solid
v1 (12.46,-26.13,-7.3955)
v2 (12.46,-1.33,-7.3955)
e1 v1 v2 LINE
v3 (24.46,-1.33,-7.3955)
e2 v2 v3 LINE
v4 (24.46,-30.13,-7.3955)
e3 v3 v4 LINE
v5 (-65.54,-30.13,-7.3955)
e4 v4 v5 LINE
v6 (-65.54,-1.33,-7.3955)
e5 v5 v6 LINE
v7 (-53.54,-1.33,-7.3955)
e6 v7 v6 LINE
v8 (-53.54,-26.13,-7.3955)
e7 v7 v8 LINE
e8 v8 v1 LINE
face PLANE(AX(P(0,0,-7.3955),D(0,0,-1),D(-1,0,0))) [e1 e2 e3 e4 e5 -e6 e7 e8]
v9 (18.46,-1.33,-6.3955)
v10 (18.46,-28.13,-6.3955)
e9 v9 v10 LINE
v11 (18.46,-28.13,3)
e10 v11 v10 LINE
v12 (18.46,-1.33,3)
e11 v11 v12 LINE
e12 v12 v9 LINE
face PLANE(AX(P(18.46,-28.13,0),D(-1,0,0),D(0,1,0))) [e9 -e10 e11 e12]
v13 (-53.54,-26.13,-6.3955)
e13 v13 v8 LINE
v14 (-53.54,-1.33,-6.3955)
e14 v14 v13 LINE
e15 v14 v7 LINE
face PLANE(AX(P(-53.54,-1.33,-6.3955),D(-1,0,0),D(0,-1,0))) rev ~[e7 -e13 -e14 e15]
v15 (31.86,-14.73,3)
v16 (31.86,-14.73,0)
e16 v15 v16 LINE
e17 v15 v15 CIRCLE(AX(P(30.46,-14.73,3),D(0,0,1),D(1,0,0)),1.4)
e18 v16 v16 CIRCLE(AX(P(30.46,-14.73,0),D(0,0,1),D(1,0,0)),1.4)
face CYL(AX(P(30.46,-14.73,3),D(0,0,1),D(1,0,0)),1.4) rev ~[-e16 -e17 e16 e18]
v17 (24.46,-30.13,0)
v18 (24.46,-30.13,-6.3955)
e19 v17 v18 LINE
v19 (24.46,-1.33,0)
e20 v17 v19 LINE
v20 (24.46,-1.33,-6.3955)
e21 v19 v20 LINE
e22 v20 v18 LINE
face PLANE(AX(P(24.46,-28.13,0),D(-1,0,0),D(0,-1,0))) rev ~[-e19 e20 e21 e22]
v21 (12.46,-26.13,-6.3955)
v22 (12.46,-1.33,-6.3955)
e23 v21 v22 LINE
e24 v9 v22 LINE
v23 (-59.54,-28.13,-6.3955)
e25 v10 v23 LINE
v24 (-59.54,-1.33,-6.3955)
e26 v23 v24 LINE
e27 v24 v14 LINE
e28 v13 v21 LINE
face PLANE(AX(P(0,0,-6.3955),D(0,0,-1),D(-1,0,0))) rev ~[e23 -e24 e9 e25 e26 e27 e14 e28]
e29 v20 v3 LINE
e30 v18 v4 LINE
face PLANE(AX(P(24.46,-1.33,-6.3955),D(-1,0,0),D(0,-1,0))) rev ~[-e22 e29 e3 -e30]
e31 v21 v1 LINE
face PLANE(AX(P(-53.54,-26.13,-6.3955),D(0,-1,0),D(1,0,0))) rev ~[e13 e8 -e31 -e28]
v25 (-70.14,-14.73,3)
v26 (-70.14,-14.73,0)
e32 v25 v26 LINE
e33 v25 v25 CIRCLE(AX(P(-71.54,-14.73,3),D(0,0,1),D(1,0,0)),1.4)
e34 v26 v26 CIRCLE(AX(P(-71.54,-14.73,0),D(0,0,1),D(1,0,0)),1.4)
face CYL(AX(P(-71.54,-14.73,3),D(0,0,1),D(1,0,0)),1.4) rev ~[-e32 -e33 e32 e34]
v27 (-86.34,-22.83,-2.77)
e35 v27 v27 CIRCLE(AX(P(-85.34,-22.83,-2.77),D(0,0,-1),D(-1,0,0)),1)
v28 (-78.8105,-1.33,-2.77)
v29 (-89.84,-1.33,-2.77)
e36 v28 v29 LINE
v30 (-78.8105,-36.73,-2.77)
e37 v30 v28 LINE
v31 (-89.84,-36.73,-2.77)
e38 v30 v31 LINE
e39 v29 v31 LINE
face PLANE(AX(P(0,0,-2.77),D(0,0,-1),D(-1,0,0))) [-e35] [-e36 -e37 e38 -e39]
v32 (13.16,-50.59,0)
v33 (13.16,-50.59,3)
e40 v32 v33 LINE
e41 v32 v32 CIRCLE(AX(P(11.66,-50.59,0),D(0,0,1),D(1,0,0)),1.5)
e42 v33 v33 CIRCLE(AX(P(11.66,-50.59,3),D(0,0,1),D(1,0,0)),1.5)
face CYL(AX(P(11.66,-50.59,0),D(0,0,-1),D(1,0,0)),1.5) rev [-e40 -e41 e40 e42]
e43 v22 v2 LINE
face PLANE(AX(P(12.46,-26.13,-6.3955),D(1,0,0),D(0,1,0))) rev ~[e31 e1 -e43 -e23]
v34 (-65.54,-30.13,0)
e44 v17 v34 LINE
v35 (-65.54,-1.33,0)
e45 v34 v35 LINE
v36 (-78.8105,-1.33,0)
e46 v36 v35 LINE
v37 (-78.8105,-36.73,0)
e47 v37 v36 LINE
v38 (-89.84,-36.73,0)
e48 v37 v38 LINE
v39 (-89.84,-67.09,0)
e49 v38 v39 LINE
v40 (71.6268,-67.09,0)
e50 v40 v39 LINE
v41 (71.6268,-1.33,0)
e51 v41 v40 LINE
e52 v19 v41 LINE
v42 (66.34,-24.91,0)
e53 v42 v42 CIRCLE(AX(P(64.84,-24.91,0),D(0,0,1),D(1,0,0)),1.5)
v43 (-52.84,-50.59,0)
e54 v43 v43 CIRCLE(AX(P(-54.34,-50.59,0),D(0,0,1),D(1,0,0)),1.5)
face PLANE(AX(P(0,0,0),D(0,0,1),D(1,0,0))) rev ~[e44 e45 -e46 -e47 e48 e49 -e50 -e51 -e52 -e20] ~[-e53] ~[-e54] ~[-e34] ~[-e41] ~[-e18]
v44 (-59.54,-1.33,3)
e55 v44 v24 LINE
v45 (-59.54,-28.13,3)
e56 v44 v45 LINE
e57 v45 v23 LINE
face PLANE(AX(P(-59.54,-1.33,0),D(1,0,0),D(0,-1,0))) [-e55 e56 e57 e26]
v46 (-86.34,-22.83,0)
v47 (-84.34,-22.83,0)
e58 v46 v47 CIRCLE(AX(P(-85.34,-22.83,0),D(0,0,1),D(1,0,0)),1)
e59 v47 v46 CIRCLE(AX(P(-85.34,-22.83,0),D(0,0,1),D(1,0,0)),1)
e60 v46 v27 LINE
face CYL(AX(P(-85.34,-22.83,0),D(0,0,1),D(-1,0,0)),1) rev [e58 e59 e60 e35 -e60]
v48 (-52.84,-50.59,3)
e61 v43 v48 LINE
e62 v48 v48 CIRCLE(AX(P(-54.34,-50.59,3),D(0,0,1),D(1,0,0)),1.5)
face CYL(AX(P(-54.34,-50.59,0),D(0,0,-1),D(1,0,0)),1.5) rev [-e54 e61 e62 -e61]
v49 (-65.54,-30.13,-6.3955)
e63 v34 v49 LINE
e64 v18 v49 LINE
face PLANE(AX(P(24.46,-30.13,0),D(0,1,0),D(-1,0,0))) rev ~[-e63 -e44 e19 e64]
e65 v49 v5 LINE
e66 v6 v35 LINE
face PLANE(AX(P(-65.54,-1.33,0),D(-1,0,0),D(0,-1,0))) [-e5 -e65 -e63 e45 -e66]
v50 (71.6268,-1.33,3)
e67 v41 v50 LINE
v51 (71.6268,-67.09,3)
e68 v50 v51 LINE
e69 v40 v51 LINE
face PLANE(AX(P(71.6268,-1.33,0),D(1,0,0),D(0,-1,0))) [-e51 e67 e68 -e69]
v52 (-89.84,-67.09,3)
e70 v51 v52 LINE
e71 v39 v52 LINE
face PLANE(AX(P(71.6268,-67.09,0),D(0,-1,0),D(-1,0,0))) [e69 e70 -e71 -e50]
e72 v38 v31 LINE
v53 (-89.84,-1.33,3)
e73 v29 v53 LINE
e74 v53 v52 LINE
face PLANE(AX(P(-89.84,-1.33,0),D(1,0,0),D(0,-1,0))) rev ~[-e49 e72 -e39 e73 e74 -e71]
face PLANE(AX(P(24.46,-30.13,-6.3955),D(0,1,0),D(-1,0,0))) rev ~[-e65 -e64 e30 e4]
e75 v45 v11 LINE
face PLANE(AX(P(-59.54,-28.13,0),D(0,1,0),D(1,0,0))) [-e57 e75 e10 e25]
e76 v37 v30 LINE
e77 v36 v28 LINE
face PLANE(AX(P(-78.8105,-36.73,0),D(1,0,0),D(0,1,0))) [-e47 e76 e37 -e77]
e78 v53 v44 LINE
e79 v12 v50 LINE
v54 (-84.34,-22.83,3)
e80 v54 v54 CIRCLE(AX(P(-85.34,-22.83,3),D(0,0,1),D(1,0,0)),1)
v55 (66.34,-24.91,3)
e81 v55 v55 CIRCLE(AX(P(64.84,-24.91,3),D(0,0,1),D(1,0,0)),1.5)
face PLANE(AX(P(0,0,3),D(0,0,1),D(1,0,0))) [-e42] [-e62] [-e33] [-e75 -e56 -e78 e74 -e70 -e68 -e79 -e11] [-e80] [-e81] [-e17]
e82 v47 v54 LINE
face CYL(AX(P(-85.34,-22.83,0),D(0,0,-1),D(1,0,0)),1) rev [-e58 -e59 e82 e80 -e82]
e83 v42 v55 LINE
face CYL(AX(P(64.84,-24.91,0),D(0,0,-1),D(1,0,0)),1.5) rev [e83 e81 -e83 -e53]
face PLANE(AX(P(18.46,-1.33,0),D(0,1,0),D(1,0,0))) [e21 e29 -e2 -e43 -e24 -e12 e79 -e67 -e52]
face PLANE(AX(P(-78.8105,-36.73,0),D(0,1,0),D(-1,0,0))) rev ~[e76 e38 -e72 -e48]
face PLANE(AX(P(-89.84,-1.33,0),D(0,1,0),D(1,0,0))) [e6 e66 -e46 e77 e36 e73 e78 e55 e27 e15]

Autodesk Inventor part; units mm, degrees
ref_plane "YZ Plane" through (0, 0, 0) normal (1, 0, 0) x (0, 1, 0)
ref_plane "Arbeitsebene1" through (0, 0, 0) normal (0, 0, 1) x (1, 0, 0)
sketch "Skizze1" plane through (0, 0, 0) normal (0, 0, 1) x (1, 0, 0)
  circle A0 centre (-54.34, -50.59) radius 1.5 projected
  circle A1 centre (11.66, -50.59) radius 1.5 projected
  circle A2 centre (-85.34, -22.83) radius 1 projected
  circle A3 centre (-85.34, -22.83) radius 1 construction
  circle A4 centre (-85.34, 37.77) radius 1 construction
  line L0 (37.14, -42.13) -> (37.14, -36.73) construction
  arc A5 (32.14, -41.73) -> (37.14, -36.73) centre (32.14, -36.73) ccw construction
  line L1 (32.14, -41.73) -> (-73.22, -41.73) construction
  arc A6 (-78.22, -36.73) -> (-73.22, -41.73) centre (-73.22, -36.73) ccw construction
  line L2 (-78.22, -36.73) -> (-78.22, 48.27) construction
  arc A7 (-73.22, 53.27) -> (-78.22, 48.27) centre (-73.22, 48.27) ccw construction
  line L3 (-73.22, 53.27) -> (32.14, 53.27) construction
  arc A8 (37.14, 48.27) -> (32.14, 53.27) centre (32.14, 48.27) ccw construction
  line L4 (37.14, 48.27) -> (37.14, 54.21) construction
  line L5 (37.14, 54.21) -> (-89.84, 54.21) construction
  line L6 (-89.84, 54.21) -> (-89.84, -42.13) construction
  line L7 (-89.84, -42.13) -> (37.14, -42.13) construction
  circle A9 centre (64.84, -24.91) radius 1.5 construction
  circle A10 centre (-85.34, -43.41) radius 1 construction
  circle A11 centre (64.84, 35.59) radius 1.5 construction
  circle A12 centre (11.66, -50.59) radius 1.5 construction
  circle A13 centre (-54.34, -50.59) radius 1.5 construction
  circle A14 centre (-85.34, 58.59) radius 1 construction
  line L8 (-89.84, 67.09) -> (-89.84, 54.21) construction
  line L9 (-89.84, 54.21) -> (37.14, 54.21) construction
  line L10 (37.14, 54.21) -> (37.14, -42.13) construction
  line L11 (37.14, -42.13) -> (-89.84, -42.13) construction
  line L12 (-89.84, -42.13) -> (-89.84, -67.09) construction
  line L13 (-89.84, -67.09) -> (89.84, -67.09) construction
  line L14 (89.84, -67.09) -> (89.84, 67.09) construction
  line L15 (89.84, 67.09) -> (-89.84, 67.09) construction
  line L16 (-58.54, -1.33) -> (17.46, -1.33) construction
  line L17 (-58.54, -27.13) -> (-58.54, -1.33) construction
  line L18 (17.46, -27.13) -> (-58.54, -27.13) construction
  line L19 (17.46, -1.33) -> (17.46, -27.13) construction
  line L20 (-89.84, -1.33) -> (-59.54, -1.33)
  line L21 (-59.54, -1.33) -> (-59.54, -28.13)
  line L22 (-59.54, -28.13) -> (18.46, -28.13)
  line L23 (18.46, -28.13) -> (18.46, -1.33)
  line L24 (18.46, -1.33) -> (71.6268, -1.33)
  line L25 (71.6268, -1.33) -> (71.6268, -67.09)
  line L26 (71.6268, -67.09) -> (-89.84, -67.09)
  line L27 (-89.84, -1.33) -> (-89.84, -67.09)
  circle A15 centre (-54.34, -50.59) radius 1.5
  circle A16 centre (11.66, -50.59) radius 1.5
  circle A17 centre (-85.34, -22.83) radius 1
  circle A18 centre (64.84, -24.91) radius 1.5
  point P0 (0, 0)
  dimension "d0" = 1
  dimension "d1" = 1
  dimension "d2" = 1
extrude "Extrusion1" add sketch "Skizze1" along normal blind 3
sketch "Skizze2" plane through (0, 0, 0) normal (0, 0, -1) x (-1, 0, 0)
  circle A0 centre (85.34, -22.83) radius 1 projected
  circle A1 centre (85.34, 37.77) radius 1 projected
  line L0 (-37.14, -42.13) -> (-37.14, -36.73) projected
  arc A2 (-37.14, -36.73) -> (-32.14, -41.73) centre (-32.14, -36.73) ccw projected
  line L1 (-32.14, -41.73) -> (73.22, -41.73) projected
  arc A3 (73.22, -41.73) -> (78.22, -36.73) centre (73.22, -36.73) ccw projected
  line L2 (78.22, -36.73) -> (78.22, 48.27) projected
  arc A4 (78.22, 48.27) -> (73.22, 53.27) centre (73.22, 48.27) ccw projected
  line L3 (73.22, 53.27) -> (-32.14, 53.27) projected
  arc A5 (-32.14, 53.27) -> (-37.14, 48.27) centre (-32.14, 48.27) ccw projected
  line L4 (-37.14, 48.27) -> (-37.14, 54.21) projected
  line L5 (-37.14, 54.21) -> (89.84, 54.21) projected
  line L6 (89.84, 54.21) -> (89.84, -42.13) projected
  line L7 (89.84, -42.13) -> (-37.14, -42.13) projected
  line L8 (78.22, -36.73) -> (89.84, -36.73)
  line L9 (89.84, -1.33) -> (89.84, -67.09) projected
  line L10 (59.54, -1.33) -> (89.84, -1.33) projected
  line L11 (89.84, -36.73) -> (78.8105, -36.73)
  line L12 (78.8105, -36.73) -> (78.8105, -1.33)
  line L13 (78.8105, -1.33) -> (89.84, -1.33)
  line L14 (89.84, -1.33) -> (89.84, -36.73)
  point P0 (0, 0)
ref_plane "Arbeitsebene2" through (-89.84, -42.13, -2.77) normal (0, 0, 1) x (1, 0, 0)
extrude "Extrusion2" add sketch "Skizze2" along normal up to surface (2.77 mm away) contours L8 L12 L10 L6
ref_plane "Arbeitsebene3" through (-58.54, -27.13, -6.3955) normal (0, 0, -1) x (0, 1, 0)
sketch "Skizze3" plane through (0, 0, 0) normal (0, 0, -1) x (-1, 0, 0)
  line L0 (78.8105, -36.73) -> (78.8105, -1.33) projected
  line L1 (59.54, -1.33) -> (78.8105, -1.33) projected
  line L2 (59.54, -28.13) -> (59.54, -1.33) projected
  line L3 (-18.46, -28.13) -> (59.54, -28.13) projected
  line L4 (-18.46, -1.33) -> (-18.46, -28.13) projected
  line L5 (-71.6268, -1.33) -> (-18.46, -1.33) projected
  line L6 (-71.6268, -67.09) -> (-71.6268, -1.33) projected
  line L7 (89.84, -67.09) -> (-71.6268, -67.09) projected
  line L8 (89.84, -36.73) -> (89.84, -67.09) projected
  line L9 (89.84, -36.73) -> (78.8105, -36.73) projected
  circle A0 centre (-64.84, -24.91) radius 1.5 projected
  circle A1 centre (-11.66, -50.59) radius 1.5 projected
  circle A2 centre (54.34, -50.59) radius 1.5 projected
  line L10 (-18.46, -1.33) -> (-18.46, -28.13) projected
  line L11 (-18.46, -1.33) -> (-24.46, -1.33)
  line L12 (-24.46, -1.33) -> (-24.46, -28.13)
  line L13 (-24.46, -28.13) -> (-18.46, -28.13)
  line L14 (-18.46, -28.13) -> (-18.46, -1.33)
  line L15 (59.54, -1.33) -> (65.54, -1.33)
  line L16 (65.54, -1.33) -> (65.54, -28.13)
  line L17 (65.54, -28.13) -> (59.54, -28.13)
  line L18 (59.54, -28.13) -> (59.54, -1.33)
  line L19 (65.54, -28.13) -> (-24.46, -28.13)
  line L20 (-24.46, -28.13) -> (-24.46, -30.13)
  line L21 (-24.46, -30.13) -> (65.54, -30.13)
  line L22 (65.54, -30.13) -> (65.54, -28.13)
  point P0 (0, 0)
  dimension "d7" = 6
  dimension "d8" = 6
  dimension "d9" = 2
extrude "Extrusion3" add sketch "Skizze3" along normal up to surface (6.3955 mm away) contours L16 L17 L2 L1 | L22 L21 L20 L13 L3 L17 | L13 L12 L5 L4
sketch "Skizze4" plane through (0, 0, -6.3955) normal (0, 0, -1) x (-1, 0, 0)
  line L0 (-18.46, -1.33) -> (-24.46, -1.33) projected
  line L1 (-24.46, -1.33) -> (-24.46, -30.13) projected
  line L2 (-24.46, -30.13) -> (65.54, -30.13) projected
  line L3 (65.54, -30.13) -> (65.54, -1.33) projected
  line L4 (65.54, -1.33) -> (59.54, -1.33) projected
  line L5 (59.54, -1.33) -> (59.54, -28.13) projected
  line L6 (59.54, -28.13) -> (-18.46, -28.13) projected
  line L7 (-18.46, -28.13) -> (-18.46, -1.33) projected
  line L8 (59.54, -1.33) -> (53.54, -1.33)
  line L9 (53.54, -1.33) -> (53.54, -28.13)
  line L10 (53.54, -28.13) -> (59.54, -28.13)
  line L11 (59.54, -28.13) -> (59.54, -1.33)
  line L12 (-18.46, -28.13) -> (59.54, -28.13) projected
  line L13 (-18.46, -28.13) -> (-12.46, -28.13)
  line L14 (-12.46, -28.13) -> (-12.46, -1.33)
  line L15 (-12.46, -1.33) -> (-18.46, -1.33)
  line L16 (-18.46, -1.33) -> (-18.46, -28.13)
  line L17 (-12.46, -28.13) -> (53.54, -28.13)
  line L18 (53.54, -28.13) -> (53.54, -26.13)
  line L19 (53.54, -26.13) -> (-12.46, -26.13)
  line L20 (-12.46, -26.13) -> (-12.46, -28.13)
  point P0 (0, 0)
  point P1 (-12.46, -26.13)
  dimension "d12" = 6
  dimension "d13" = 6
  dimension "d14" = 2
extrude "Extrusion4" add sketch "Skizze4" along normal blind 1
sketch "Skizze5" plane through (0, 0, 3) normal (0, 0, 1) x (1, 0, 0)
  line L0 (-89.84, -67.09) -> (71.6268, -67.09) projected
  line L1 (71.6268, -67.09) -> (71.6268, -1.33) projected
  line L2 (71.6268, -1.33) -> (18.46, -1.33) projected
  line L3 (18.46, -1.33) -> (18.46, -28.13) projected
  line L4 (18.46, -28.13) -> (-59.54, -28.13) projected
  line L5 (-59.54, -28.13) -> (-59.54, -1.33) projected
  line L6 (-59.54, -1.33) -> (-89.84, -1.33) projected
  line L7 (-89.84, -1.33) -> (-89.84, -67.09) projected
  circle A0 centre (64.84, -24.91) radius 1.5 projected
  circle A1 centre (-85.34, -22.83) radius 1 projected
  circle A2 centre (11.66, -50.59) radius 1.5 projected
  circle A3 centre (-54.34, -50.59) radius 1.5 projected
  circle A4 centre (-71.54, -14.73) radius 1.4
  circle A5 centre (30.46, -14.73) radius 1.4
  point P0 (0, 0)
  dimension "d18" = 2.8
  dimension "d19" = 2.8
  dimension "d20" = 12
  dimension "d21" = 12
extrude "Extrusion5" cut sketch "Skizze5" against normal through all contours A4 | A5
properties part number "30_XYTabel_Aliexpress_cellSTORM_chiptray"
